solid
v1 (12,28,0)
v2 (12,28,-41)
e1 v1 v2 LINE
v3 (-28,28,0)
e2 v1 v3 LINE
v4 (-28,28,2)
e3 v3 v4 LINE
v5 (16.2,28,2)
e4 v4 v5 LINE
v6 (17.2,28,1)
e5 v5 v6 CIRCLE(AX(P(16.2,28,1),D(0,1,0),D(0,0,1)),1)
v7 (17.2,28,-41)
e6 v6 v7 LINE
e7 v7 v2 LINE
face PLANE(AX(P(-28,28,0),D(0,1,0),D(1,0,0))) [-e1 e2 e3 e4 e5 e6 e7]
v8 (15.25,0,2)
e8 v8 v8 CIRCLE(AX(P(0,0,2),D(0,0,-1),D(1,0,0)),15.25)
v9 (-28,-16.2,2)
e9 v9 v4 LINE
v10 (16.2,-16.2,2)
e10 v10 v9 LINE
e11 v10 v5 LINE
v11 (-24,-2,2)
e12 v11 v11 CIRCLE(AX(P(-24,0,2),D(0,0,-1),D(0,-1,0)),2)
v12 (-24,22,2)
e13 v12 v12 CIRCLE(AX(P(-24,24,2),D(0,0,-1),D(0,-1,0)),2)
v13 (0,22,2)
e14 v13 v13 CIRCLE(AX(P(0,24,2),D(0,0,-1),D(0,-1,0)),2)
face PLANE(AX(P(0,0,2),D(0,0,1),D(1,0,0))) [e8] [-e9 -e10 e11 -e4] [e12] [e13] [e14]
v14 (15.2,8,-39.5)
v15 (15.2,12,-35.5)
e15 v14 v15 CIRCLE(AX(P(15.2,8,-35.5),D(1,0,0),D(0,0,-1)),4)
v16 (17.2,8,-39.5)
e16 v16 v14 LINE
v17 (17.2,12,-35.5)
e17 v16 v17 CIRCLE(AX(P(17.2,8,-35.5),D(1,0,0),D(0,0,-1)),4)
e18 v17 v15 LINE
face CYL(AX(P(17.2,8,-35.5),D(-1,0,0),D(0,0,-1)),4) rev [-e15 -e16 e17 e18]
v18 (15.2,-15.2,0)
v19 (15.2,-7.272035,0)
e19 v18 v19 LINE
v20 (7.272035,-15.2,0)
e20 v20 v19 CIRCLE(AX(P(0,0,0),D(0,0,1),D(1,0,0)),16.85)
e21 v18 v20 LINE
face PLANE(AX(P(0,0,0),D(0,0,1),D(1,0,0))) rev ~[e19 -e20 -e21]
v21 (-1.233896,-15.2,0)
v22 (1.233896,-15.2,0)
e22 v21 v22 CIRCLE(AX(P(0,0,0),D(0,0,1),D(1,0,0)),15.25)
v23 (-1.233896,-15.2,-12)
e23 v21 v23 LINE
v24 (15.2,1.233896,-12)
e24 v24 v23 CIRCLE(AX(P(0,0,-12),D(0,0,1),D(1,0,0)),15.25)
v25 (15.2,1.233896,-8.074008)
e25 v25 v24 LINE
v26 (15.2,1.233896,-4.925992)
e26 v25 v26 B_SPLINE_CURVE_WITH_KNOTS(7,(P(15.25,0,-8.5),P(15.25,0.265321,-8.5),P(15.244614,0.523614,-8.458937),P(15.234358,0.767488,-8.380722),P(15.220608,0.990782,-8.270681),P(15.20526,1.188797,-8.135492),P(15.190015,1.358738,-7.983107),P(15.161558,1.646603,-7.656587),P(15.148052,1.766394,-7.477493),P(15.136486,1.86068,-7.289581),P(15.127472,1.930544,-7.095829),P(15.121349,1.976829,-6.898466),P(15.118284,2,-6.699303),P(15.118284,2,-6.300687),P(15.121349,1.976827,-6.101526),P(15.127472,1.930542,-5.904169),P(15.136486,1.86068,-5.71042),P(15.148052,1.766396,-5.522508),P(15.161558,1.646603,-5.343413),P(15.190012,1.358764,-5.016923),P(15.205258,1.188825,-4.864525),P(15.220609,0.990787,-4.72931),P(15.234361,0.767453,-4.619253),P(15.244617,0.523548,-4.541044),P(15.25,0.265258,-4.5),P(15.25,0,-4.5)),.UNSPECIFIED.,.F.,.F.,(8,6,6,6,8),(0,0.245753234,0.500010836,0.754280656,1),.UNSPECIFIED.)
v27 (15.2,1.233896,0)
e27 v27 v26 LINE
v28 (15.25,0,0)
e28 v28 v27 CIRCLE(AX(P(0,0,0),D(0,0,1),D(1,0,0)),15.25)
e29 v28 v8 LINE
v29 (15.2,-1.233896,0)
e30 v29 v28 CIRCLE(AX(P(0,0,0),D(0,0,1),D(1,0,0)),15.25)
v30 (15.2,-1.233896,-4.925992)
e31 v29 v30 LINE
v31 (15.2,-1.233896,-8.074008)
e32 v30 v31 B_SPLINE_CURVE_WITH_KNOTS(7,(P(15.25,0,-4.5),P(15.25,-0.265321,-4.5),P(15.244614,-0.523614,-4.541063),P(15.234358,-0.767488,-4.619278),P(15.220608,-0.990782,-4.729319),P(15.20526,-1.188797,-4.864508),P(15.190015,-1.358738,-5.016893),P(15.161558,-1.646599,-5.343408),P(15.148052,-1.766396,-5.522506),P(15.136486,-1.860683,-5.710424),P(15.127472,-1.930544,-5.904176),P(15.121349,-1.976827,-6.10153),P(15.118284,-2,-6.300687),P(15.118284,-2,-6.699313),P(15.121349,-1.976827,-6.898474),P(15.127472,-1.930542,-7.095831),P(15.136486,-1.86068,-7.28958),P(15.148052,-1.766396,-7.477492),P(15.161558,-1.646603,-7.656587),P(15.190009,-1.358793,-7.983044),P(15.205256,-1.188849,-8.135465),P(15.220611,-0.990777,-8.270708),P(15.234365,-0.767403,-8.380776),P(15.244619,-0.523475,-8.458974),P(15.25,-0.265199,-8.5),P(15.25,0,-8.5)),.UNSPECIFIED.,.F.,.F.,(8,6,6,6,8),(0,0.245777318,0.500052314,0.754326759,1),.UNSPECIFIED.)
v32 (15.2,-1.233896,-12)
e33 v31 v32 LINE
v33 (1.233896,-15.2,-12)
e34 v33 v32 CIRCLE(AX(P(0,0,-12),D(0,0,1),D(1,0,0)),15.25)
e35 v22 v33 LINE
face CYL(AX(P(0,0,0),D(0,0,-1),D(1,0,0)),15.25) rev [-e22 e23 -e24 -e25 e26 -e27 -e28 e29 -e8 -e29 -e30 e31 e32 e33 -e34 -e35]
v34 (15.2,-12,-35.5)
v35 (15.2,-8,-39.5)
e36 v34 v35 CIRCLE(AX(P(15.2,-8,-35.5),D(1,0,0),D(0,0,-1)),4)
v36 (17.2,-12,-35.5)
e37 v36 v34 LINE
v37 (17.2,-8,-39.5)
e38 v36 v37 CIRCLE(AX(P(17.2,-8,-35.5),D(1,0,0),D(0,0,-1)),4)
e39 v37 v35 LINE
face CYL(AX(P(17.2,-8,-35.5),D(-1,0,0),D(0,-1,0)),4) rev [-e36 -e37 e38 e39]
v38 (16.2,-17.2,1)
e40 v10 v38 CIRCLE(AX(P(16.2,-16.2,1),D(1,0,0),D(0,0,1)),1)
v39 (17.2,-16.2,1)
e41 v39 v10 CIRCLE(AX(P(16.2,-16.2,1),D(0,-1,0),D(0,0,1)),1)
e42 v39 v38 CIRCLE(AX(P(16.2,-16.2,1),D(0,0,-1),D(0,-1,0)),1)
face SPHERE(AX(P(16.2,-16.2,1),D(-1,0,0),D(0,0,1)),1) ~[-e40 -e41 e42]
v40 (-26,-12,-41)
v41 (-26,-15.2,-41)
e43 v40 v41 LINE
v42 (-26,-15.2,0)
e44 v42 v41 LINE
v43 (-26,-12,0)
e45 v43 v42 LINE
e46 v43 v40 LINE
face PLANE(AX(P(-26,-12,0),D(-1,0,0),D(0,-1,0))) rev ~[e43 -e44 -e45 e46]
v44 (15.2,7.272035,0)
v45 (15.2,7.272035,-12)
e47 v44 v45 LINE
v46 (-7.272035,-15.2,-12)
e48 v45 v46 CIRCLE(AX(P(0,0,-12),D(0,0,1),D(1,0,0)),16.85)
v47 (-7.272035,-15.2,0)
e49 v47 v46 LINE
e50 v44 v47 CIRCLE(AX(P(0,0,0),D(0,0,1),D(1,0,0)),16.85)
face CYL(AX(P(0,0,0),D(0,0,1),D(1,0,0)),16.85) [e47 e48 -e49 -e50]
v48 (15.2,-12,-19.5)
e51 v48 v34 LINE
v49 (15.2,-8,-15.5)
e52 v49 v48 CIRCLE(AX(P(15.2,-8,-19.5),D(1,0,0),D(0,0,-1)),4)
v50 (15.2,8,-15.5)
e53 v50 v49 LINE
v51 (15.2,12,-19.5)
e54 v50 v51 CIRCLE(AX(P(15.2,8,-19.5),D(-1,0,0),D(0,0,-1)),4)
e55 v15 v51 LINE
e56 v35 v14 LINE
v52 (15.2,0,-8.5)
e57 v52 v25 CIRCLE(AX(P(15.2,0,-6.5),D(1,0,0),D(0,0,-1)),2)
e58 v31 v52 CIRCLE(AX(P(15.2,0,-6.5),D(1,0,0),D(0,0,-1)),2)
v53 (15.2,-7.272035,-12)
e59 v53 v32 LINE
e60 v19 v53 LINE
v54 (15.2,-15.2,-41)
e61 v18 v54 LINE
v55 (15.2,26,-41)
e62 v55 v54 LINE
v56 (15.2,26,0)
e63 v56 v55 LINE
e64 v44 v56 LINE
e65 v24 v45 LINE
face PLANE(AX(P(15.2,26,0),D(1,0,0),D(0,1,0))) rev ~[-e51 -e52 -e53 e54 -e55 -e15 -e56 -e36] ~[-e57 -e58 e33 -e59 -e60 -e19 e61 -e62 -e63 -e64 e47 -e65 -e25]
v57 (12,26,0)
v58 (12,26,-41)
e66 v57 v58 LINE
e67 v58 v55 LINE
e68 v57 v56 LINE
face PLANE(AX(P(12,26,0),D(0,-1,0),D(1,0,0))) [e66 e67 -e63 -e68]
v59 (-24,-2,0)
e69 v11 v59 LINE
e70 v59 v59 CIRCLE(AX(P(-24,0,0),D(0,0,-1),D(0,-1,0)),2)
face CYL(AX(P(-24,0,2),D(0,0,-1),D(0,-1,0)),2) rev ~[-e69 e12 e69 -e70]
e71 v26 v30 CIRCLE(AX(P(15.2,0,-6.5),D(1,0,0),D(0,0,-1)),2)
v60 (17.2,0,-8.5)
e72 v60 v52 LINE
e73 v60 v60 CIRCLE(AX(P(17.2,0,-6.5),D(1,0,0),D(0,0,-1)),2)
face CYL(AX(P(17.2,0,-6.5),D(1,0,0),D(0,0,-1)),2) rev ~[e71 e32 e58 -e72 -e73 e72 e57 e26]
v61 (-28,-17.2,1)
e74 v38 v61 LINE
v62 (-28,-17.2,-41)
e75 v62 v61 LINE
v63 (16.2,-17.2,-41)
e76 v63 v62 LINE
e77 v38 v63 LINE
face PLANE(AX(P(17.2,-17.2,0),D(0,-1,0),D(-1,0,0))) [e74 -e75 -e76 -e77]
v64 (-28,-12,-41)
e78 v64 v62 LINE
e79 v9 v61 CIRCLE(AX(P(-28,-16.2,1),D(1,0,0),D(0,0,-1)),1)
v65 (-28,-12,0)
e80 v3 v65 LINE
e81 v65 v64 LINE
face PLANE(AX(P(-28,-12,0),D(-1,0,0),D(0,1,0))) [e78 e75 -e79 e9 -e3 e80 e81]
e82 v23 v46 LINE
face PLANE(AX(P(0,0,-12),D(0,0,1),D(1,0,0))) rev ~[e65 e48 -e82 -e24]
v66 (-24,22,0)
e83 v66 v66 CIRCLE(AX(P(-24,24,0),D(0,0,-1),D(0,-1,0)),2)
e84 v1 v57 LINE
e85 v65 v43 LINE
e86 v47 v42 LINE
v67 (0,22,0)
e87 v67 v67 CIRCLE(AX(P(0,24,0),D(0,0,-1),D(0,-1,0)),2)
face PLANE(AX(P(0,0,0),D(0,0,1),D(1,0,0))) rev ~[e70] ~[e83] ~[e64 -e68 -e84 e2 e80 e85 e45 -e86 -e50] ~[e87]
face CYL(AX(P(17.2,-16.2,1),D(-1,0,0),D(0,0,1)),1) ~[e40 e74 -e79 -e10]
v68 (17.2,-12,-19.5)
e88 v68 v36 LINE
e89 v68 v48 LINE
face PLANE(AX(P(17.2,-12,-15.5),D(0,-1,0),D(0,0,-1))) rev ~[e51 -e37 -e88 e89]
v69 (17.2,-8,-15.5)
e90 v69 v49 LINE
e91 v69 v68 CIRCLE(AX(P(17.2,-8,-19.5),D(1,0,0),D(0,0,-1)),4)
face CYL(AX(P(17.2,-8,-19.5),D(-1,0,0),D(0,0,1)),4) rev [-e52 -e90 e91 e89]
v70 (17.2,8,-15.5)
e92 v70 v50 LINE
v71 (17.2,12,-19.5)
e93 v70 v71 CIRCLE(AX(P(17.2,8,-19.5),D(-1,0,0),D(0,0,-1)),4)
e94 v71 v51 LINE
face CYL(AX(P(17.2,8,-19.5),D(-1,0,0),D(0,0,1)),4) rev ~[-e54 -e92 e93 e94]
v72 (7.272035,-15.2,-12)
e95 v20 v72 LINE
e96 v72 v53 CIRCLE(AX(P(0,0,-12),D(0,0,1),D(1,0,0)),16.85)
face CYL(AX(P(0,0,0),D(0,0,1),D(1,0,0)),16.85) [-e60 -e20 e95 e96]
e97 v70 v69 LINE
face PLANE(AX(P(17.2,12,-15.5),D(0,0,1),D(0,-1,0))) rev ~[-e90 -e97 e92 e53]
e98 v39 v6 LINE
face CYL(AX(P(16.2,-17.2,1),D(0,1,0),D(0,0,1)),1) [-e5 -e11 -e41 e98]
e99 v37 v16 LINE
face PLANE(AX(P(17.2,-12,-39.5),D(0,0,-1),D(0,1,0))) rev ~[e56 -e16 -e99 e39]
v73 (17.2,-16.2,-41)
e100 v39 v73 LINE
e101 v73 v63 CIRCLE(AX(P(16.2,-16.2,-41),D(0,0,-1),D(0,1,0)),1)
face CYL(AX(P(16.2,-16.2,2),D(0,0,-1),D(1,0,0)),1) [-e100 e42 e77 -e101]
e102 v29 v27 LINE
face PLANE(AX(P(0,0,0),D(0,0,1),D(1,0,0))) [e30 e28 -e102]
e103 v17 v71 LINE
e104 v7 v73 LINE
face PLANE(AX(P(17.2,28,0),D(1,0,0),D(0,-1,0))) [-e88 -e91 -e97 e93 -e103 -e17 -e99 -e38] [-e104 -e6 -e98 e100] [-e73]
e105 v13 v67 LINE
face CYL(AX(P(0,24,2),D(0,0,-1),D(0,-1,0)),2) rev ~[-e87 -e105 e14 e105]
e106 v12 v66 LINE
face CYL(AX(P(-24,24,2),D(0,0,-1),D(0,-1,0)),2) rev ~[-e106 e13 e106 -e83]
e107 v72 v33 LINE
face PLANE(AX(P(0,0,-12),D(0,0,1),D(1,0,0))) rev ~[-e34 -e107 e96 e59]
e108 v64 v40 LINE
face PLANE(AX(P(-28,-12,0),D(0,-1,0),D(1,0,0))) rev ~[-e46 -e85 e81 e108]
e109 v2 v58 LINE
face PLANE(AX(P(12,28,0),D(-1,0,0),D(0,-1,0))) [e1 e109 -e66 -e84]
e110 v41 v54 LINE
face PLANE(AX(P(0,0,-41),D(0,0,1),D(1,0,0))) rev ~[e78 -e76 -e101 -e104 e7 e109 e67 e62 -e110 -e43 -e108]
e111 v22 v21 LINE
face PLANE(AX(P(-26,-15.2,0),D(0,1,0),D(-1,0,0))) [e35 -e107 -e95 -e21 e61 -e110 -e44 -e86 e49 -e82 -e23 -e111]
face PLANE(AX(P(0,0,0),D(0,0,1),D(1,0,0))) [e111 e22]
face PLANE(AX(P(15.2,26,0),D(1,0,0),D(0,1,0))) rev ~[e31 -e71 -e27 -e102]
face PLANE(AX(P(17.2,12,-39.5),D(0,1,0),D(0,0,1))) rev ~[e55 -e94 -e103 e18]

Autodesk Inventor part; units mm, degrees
ref_plane "YZ Plane" through (0, 0, 0) normal (1, 0, 0) x (0, 1, 0)
ref_plane "XZ Plane" through (0, 0, 0) normal (0, 1, 0) x (-1, 0, 0)
ref_plane "XY Plane" through (0, 0, 0) normal (0, 0, 1) x (1, 0, 0)
sketch "Sketch1" plane through (0, 0, 0) normal (0, 0, 1) x (1, 0, 0)
  circle A0 centre (0, 0) radius 15 construction
  line L0 (0, 0) -> (0, -12) construction
  line L1 (0, -12) -> (0, 28) construction
  line L2 (0, 28) -> (12, 28) construction
  line L3 (12, 28) -> (-28, 28) construction
  line L4 (-28, 28) -> (-28, -12) construction
  line L5 (-28, -12) -> (12, -12) construction
  line L6 (12, -12) -> (12, 28) construction
  line L7 (-28, 28) -> (17.2, 28)
  line L8 (17.2, 28) -> (17.2, -17.2)
  line L9 (17.2, -17.2) -> (-28, -17.2)
  line L10 (-28, -17.2) -> (-28, 28)
  circle A1 centre (0, 0) radius 15.25
  line L11 (0, -15.25) -> (0, -17.25) construction
  line L12 (-28, -17.2) -> (17.2, -17.2)
  line L13 (17.2, -17.2) -> (17.2, -15.3)
  line L14 (-28, -15.3) -> (-28, -17.2)
  line L15 (17.2, 28) -> (15.3, 28)
  line L16 (17.2, -15.3) -> (17.2, 28)
  circle A2 centre (0, 0) radius 16.85
  line L17 (15.25, 0) -> (17.25, 0) construction
  line L18 (-28, -17.2) -> (17.2, -17.2)
  line L19 (17.2, -17.2) -> (17.2, -15.2)
  line L20 (17.2, -15.2) -> (-28, -15.2)
  line L21 (-28, -15.2) -> (-28, -17.2)
  line L22 (17.2, -15.2) -> (15.2, -15.2)
  line L23 (15.2, -15.2) -> (15.2, 28)
  line L24 (15.2, 28) -> (17.2, 28)
  line L25 (17.2, 28) -> (17.2, -15.2)
  line L26 (-28, -12) -> (-26, -12)
  line L27 (-26, -12) -> (-26, -15.2)
  line L28 (-26, -15.2) -> (-28, -15.2)
  line L29 (-28, -15.2) -> (-28, -12)
  line L30 (15.2, 28) -> (12, 28)
  line L31 (12, 28) -> (12, 26)
  line L32 (12, 26) -> (15.2, 26)
  line L33 (15.2, 26) -> (15.2, 28)
  point P0 (15.2, -7.272)
  point P1 (15.2, 1.2339)
  point P2 (-1.2339, -15.2)
  point P3 (7.272, -15.2)
  point P4 (15.2, 7.272)
  point P5 (-7.272, -15.2)
  point P6 (15.2, -1.2339)
  point P7 (1.2339, -15.2)
  dimension "d0" = 30
  dimension "d1" = 12
  dimension "d2" = 40
  dimension "d3" = 12
  dimension "d4" = 40
  dimension "d5" = 40
  dimension "d6" = 45.2
  dimension "d7" = 45.2
  dimension "d8" = 30.5
  dimension "d22" = 2
  dimension "d30" = 1.6
  dimension "d33" = 2
  dimension "d34" = 2
  dimension "d35" = 2
  dimension "d43" = 2
  dimension "d44" = 2
extrude "Extrusion1" add sketch "Sketch1" along normal blind 2 contours L7 L31 L32 L23 A2 L20 L27 L26 L10 | L7 L23 L32 L31 | L26 L27 L20 L10 | L7 L8 L20 L23 A2 | L20 A2 L8 L9 L10 | L23 A1 L20 A2 | A2 L23 A1 | L20 A1 A2 | L20 A1 L23 A2 | A2 L23 L20
sketch "Sketch2" plane through (0, 0, 2) normal (0, 0, 1) x (1, 0, 0)
  line L0 (17.2, 28) -> (-28, 28) construction
  line L1 (-28, 28) -> (-28, 24) construction
  line L2 (-28, 28) -> (-28, -17.2) construction
  line L3 (-28, 24) -> (-24, 24) construction
  line L4 (-24, 24) -> (0, 24) construction
  line L5 (-24, 24) -> (-24, 0) construction
  point P0 (0, 0)
  dimension "d11" = 4
  dimension "d12" = 4
  dimension "d13" = 24
  dimension "d14" = 24
hole "Hole1" at (0, 24, 2) at (-24, 24, 2) at (-24, 0, 2) direction (0, 0, -1) diameter 4 end through all
extrude "Extrusion5" add sketch "Sketch1" against normal blind 41 contours L7 L8 L20 L23 A2 | L20 A2 L8 L9 L10 | A2 L23 A1 | L20 A1 A2 | A1 L23 | L20 A1
fillet "Fillet1" radius 1 3 edges at (-5.4, -17.2, 2) (17.2, 5.4, 2) (17.2, -17.2, -19.5)
extrude "Extrusion8" add sketch "Sketch1" against normal blind 41 contours L7 L23 L32 L31 | L26 L27 L20 L10
extrude "Extrusion12" add sketch "Sketch1" against normal blind 12 contours L23 A1 L20 A2 | L20 A1 L23 A2
sketch "Sketch5" plane through (17.2, -16.2, -41) normal (1, 0, 0) x (0, 0, -1)
  line L0 (0, 44.2) -> (0, 0) construction
  line L1 (0, 44.2) -> (0, 16.2) construction
  line L2 (0, 16.2) -> (-13.5, 16.2) construction
  line L3 (-41, 44.2) -> (-41, 42.2) construction
  line L4 (-41, 44.2) -> (-41, 16.2) construction
  line L5 (-41, 16.2) -> (-34.5, 16.2) construction
  circle A0 centre (-34.5, 16.2) radius 2
  line L6 (-25.5, 4.2) -> (-1.5, 4.2)
  line L7 (-1.5, 4.2) -> (-1.5, 28.2)
  line L8 (-1.5, 28.2) -> (-25.5, 28.2)
  line L9 (-25.5, 28.2) -> (-25.5, 4.2)
  line L10 (-25.5, 4.2) -> (-1.5, 28.2) construction
  line L11 (-1.5, 4.2) -> (-25.5, 28.2) construction
  dimension "d64" = 28
  dimension "d65" = 13.5
  dimension "d66" = 6.5
  dimension "d67" = 4
extrude "Extrusion14" cut sketch "Sketch5" against normal blind 3
fillet "Fillet2" radius 4 4 edges at (16.2, 12, -15.5) (16.2, -12, -15.5) (16.2, -12, -39.5) (16.2, 12, -39.5)
properties part number "MirrorFix" material "ABS Plastic"
